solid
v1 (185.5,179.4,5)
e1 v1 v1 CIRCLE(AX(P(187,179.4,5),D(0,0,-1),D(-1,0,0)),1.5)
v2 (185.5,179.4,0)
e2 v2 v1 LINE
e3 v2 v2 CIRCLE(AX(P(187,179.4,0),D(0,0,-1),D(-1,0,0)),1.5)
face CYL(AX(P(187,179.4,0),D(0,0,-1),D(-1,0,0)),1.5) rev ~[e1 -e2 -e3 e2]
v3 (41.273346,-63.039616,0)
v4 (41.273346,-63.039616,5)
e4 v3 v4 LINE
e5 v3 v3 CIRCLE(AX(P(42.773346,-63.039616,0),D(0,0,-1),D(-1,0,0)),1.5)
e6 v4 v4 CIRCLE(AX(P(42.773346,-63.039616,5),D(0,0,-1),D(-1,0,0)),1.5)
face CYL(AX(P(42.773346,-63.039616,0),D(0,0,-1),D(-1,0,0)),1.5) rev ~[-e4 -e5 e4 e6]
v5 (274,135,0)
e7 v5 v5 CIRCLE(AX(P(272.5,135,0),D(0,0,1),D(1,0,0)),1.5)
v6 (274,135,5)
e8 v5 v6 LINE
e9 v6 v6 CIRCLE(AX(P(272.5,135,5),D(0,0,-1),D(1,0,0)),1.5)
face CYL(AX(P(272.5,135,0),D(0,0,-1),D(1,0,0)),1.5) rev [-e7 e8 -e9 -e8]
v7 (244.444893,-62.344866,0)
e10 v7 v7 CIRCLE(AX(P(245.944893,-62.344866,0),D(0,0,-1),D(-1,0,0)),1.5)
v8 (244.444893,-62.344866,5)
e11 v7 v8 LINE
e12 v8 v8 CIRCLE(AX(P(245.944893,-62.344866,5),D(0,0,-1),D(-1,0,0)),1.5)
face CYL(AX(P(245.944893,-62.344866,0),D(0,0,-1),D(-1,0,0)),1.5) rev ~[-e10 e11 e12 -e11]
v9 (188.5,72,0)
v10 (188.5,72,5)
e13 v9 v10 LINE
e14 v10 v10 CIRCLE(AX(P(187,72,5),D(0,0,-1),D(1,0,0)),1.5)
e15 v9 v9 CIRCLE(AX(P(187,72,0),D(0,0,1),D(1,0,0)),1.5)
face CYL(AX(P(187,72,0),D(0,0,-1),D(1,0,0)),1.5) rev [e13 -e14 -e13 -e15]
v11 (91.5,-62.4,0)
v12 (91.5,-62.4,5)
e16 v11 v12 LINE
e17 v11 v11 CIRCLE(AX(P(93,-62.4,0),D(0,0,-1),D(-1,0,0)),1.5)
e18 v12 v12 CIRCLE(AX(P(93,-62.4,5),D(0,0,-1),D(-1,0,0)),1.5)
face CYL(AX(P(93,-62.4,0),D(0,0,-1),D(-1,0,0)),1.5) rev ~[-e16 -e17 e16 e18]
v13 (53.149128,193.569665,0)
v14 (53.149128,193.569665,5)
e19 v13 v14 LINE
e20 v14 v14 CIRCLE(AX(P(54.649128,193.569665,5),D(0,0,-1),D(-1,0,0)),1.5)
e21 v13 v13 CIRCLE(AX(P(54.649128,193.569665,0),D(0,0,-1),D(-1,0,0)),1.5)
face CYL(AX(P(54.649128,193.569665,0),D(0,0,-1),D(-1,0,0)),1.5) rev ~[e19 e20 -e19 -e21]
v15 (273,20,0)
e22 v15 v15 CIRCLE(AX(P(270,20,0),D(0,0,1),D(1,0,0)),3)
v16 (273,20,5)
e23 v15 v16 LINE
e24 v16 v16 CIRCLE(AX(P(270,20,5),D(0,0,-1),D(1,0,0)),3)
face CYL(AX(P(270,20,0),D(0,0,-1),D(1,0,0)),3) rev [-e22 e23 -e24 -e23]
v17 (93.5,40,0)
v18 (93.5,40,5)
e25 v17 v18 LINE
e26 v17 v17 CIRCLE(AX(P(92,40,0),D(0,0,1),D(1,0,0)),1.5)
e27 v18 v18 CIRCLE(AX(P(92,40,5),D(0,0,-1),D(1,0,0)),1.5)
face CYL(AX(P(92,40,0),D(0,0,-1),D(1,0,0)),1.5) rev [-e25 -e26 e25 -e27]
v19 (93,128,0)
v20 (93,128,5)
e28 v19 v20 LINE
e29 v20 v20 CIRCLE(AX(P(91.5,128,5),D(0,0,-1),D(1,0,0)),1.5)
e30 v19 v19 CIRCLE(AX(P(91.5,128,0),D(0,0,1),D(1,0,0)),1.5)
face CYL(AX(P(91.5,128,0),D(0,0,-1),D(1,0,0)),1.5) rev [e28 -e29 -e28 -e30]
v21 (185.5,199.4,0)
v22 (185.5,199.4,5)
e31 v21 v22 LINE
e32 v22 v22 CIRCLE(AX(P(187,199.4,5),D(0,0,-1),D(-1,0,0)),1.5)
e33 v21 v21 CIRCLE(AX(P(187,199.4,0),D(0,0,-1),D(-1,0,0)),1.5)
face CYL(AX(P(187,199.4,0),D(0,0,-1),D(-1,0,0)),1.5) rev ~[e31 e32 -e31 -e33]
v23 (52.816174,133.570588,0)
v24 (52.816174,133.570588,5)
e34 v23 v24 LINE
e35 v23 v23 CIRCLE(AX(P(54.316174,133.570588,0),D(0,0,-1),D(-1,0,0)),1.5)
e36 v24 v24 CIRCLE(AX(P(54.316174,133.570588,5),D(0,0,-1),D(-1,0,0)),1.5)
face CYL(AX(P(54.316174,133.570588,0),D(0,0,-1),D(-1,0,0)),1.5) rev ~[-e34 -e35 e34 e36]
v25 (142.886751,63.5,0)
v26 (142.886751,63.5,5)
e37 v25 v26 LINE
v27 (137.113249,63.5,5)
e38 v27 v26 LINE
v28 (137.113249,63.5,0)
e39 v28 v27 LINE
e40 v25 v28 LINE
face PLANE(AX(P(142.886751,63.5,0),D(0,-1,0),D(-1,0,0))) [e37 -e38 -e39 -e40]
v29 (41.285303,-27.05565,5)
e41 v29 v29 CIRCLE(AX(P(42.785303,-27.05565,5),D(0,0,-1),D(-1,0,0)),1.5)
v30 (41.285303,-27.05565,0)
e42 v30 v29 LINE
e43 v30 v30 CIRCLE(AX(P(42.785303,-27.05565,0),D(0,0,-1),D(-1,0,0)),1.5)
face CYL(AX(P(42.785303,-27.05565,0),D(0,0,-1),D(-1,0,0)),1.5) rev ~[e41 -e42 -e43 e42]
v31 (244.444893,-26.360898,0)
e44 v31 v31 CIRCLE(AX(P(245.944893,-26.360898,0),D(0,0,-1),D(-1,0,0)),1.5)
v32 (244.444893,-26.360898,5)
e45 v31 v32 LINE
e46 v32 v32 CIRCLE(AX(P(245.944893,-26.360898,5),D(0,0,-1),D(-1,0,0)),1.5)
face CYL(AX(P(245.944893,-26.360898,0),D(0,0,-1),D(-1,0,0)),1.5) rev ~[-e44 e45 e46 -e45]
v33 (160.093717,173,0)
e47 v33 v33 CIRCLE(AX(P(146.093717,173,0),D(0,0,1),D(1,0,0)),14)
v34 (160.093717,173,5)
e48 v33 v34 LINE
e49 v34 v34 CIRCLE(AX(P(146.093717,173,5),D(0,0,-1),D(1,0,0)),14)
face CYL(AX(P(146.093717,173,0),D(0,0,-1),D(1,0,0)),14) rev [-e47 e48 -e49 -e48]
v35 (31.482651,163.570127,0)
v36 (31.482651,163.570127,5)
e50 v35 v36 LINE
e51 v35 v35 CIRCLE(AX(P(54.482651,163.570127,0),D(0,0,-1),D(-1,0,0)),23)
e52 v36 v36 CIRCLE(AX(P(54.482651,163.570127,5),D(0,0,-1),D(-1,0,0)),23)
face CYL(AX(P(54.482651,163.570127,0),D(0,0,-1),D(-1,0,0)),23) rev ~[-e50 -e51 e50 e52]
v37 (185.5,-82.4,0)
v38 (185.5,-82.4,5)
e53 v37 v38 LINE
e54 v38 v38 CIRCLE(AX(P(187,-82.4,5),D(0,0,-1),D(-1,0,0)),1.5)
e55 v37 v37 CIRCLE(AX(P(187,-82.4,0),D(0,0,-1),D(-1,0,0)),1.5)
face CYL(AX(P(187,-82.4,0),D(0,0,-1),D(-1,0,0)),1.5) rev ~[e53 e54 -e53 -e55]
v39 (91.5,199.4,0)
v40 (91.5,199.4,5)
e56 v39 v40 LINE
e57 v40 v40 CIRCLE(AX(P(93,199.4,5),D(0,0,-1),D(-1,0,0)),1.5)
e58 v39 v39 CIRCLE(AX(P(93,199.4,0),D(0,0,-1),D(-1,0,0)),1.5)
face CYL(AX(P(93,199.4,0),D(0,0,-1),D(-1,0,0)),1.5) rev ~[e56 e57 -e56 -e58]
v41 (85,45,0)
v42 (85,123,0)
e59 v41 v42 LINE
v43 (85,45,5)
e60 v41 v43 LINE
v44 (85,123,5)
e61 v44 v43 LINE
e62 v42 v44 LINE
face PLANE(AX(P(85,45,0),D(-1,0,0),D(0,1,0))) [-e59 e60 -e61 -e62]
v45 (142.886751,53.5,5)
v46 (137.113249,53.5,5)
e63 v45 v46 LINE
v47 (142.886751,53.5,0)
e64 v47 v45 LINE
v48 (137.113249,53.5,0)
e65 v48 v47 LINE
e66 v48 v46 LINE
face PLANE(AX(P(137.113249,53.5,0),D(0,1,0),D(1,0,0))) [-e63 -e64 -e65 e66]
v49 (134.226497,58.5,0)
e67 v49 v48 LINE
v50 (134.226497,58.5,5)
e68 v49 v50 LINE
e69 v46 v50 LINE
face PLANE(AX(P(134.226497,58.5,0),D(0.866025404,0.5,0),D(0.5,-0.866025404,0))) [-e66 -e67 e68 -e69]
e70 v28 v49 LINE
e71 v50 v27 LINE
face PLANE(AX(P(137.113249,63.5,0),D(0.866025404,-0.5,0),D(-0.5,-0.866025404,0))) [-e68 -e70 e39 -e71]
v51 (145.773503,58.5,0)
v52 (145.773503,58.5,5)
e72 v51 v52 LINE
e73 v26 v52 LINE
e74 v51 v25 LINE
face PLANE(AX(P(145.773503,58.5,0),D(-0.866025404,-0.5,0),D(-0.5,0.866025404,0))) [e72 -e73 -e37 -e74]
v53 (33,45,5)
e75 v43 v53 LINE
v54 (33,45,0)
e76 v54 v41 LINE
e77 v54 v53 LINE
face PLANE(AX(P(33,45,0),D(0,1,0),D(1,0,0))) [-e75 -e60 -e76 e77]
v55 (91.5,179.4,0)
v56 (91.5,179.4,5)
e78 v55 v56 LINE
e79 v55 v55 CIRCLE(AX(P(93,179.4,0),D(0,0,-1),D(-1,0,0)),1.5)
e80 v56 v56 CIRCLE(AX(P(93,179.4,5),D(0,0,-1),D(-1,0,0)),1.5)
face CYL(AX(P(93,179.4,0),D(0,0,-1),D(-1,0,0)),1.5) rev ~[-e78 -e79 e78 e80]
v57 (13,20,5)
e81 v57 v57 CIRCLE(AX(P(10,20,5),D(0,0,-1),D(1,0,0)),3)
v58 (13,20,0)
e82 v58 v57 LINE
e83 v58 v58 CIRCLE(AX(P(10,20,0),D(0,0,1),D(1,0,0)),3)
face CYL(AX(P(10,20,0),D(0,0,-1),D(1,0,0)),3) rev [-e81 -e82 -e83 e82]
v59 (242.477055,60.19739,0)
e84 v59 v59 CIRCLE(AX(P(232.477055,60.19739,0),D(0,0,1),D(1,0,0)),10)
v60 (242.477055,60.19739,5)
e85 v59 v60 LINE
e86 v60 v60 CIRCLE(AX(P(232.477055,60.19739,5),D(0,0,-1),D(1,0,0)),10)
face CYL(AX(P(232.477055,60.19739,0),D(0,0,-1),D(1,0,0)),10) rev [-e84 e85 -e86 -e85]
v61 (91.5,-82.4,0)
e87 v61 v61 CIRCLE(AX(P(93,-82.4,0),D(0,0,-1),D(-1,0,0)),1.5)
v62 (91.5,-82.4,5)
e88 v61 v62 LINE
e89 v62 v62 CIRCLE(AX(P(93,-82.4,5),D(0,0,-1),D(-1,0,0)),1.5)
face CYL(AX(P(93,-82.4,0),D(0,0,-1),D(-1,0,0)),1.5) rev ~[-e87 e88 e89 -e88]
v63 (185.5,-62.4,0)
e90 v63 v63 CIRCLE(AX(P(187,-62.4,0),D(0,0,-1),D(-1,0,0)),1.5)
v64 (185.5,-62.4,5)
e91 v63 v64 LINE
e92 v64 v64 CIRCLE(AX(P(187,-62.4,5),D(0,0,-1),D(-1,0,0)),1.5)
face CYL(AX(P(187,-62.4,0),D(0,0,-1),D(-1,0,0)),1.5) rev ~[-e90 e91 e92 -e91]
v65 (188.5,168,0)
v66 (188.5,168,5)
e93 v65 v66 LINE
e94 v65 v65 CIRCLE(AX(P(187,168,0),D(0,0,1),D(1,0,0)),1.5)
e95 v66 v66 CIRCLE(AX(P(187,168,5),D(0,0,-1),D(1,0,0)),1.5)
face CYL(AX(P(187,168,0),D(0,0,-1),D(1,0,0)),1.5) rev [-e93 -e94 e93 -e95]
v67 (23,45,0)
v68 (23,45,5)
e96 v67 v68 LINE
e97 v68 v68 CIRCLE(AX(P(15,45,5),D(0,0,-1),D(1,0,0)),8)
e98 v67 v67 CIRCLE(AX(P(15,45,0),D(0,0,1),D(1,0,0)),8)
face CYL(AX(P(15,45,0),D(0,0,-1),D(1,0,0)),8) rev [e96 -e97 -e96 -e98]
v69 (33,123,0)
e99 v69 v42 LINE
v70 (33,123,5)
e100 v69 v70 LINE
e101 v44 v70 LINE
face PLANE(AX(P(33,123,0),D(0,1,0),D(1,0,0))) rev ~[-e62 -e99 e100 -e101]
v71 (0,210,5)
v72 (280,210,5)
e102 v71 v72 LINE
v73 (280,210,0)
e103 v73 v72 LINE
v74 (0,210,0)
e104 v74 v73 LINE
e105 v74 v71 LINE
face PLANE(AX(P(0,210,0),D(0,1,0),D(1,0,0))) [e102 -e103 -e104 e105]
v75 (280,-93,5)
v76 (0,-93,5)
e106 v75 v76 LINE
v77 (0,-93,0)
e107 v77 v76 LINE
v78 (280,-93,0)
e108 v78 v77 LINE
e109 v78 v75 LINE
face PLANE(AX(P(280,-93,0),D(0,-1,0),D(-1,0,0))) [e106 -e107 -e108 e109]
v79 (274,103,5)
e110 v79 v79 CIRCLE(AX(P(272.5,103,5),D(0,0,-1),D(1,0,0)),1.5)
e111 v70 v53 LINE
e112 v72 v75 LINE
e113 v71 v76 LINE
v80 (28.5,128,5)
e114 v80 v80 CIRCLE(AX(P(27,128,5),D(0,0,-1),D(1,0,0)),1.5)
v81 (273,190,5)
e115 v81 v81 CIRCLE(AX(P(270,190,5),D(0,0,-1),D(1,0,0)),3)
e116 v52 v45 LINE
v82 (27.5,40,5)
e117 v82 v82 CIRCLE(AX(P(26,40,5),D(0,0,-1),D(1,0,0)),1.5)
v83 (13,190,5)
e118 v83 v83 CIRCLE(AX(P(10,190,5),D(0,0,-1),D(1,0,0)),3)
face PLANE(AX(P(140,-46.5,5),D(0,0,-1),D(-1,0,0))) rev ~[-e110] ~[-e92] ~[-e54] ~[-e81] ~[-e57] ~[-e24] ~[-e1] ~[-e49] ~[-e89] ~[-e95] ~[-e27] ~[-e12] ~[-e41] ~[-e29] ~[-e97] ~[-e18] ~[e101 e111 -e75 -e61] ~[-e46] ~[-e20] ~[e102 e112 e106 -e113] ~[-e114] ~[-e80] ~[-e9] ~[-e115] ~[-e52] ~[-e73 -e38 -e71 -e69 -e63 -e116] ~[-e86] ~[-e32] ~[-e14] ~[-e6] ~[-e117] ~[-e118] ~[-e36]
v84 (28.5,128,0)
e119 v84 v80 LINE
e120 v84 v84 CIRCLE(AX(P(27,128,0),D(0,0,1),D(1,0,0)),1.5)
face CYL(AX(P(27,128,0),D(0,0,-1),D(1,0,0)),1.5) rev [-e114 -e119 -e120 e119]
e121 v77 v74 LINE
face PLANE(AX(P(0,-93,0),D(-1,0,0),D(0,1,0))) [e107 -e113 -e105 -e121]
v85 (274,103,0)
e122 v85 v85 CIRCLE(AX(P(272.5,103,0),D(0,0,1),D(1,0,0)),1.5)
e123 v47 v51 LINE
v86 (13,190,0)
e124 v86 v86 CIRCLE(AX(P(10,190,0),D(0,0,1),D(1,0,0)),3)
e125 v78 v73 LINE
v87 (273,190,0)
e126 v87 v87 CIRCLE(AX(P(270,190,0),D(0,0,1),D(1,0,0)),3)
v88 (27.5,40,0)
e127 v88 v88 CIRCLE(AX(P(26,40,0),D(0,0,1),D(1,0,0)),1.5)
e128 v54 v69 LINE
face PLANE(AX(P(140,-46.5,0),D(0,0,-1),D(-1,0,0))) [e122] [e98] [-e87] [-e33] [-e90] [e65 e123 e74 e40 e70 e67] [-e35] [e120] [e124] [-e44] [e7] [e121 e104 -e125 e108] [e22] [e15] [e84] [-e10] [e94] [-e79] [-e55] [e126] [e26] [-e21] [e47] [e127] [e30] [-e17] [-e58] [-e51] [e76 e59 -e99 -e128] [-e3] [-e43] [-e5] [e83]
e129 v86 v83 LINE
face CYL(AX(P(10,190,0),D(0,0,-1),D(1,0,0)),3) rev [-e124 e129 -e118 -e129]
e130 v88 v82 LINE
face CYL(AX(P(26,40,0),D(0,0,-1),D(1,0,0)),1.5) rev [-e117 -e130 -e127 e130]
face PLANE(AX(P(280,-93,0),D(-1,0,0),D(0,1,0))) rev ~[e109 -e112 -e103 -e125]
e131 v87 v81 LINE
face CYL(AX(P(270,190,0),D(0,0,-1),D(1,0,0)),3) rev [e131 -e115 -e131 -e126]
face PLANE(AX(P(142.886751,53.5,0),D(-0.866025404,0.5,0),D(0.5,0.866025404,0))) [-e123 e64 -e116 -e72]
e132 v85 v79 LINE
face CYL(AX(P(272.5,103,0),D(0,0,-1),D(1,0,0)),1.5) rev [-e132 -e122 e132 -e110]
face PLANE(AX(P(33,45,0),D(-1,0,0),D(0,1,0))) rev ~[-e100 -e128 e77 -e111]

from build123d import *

# Parameters (mm, degrees)
ESQUISSE1_W              = 280
ESQUISSE1_H              = 210
BOSS_EXTRU_1_DEPTH       = 5
ESQUISSE2_R              = 3
ESQUISSE2_R_2            = 1.5
ESQUISSE2_R_3            = 8
ESQUISSE2_R_4            = 14
ESQUISSE2_R_5            = 10
ESQUISSE2_W              = 52
ESQUISSE2_H              = 78
ENL_V_MAT_EXTRU_1_DEPTH  = 351.035712464
ESQUISSE5_R              = 1.5
ENL_V_MAT_EXTRU_3_DEPTH  = 351.035712464
ESQUISSE6_W              = 280
ESQUISSE6_H              = 93
BOSS_EXTRU_4_DEPTH       = 5
ESQUISSE7_R              = 1.499999999
ENL_V_MAT_EXTRU_4_DEPTH  = 351.035712464
ESQUISSE8_R              = 1.499999999
ENL_V_MAT_EXTRU_5_DEPTH  = 351.035712464
ESQUISSE9_R              = 1.5
ENL_V_MAT_EXTRU_6_DEPTH  = 351.035712464
ESQUISSE14_R             = 23
ESQUISSE14_R_2           = 1.5
ENL_V_MAT_EXTRU_11_DEPTH = 351.035712464


with BuildPart() as part:
    # Esquisse1 → Boss.-Extru.1 (new body)
    with BuildSketch(Plane.XY):
        with Locations((140, 105)):
            Rectangle(ESQUISSE1_W, ESQUISSE1_H)
    extrude(amount=BOSS_EXTRU_1_DEPTH)

    # Esquisse2 → Enlèv. mat.-Extru.1 (cut, through all)
    with BuildSketch(Plane.XY):
        with Locations((270, 190)):
            Circle(ESQUISSE2_R)
        with Locations((10, 190)):
            Circle(ESQUISSE2_R)
        with Locations((10, 20)):
            Circle(ESQUISSE2_R)
        with Locations((270, 20)):
            Circle(ESQUISSE2_R)
        with Locations((187, 168)):
            Circle(ESQUISSE2_R_2)
        with Locations((187, 72)):
            Circle(ESQUISSE2_R_2)
        with Locations((91.5, 128)):
            Circle(ESQUISSE2_R_2)
        with Locations((27, 128)):
            Circle(ESQUISSE2_R_2)
        with Locations((92, 40)):
            Circle(ESQUISSE2_R_2)
        with Locations((26, 40)):
            Circle(ESQUISSE2_R_2)
        with Locations((15, 45)):
            Circle(ESQUISSE2_R_3)
        with Locations((146.093717203, 173)):
            Circle(ESQUISSE2_R_4)
        with Locations((232.477054828, 60.19739042)):
            Circle(ESQUISSE2_R_5)
        with Locations((272.5, 103)):
            Circle(ESQUISSE2_R_2)
        with Locations((272.5, 135)):
            Circle(ESQUISSE2_R_2)
        with Locations((59, 84)):
            Rectangle(ESQUISSE2_W, ESQUISSE2_H)
        Polygon((137.113248654, 63.5), (134.226497308, 58.5), (137.113248654, 53.5), (142.886751346, 53.5), (145.773502692, 58.5), (142.886751346, 63.5), align=None)
    extrude(amount=ENL_V_MAT_EXTRU_1_DEPTH, mode=Mode.SUBTRACT)

    # Esquisse5 → Enlèv. mat.-Extru.3 (cut, through all)
    with BuildSketch(Plane(origin=(0, 0, 0), x_dir=(-1, 0, 0), z_dir=(0, 0, -1))):
        with Locations((-93, 179.4)):
            Circle(ESQUISSE5_R)
        with Locations((-93, 199.4)):
            Circle(ESQUISSE5_R)
        with Locations((-187, 199.4)):
            Circle(ESQUISSE5_R)
        with Locations((-187, 179.4)):
            Circle(ESQUISSE5_R)
    extrude(amount=-ENL_V_MAT_EXTRU_3_DEPTH, mode=Mode.SUBTRACT)

    # Esquisse6 → Boss.-Extru.4 (add)
    with BuildSketch(Plane(origin=(0, 0, 0), x_dir=(-1, 0, 0), z_dir=(0, 0, -1))):
        with Locations((-140, -46.5)):
            Rectangle(ESQUISSE6_W, ESQUISSE6_H)
    extrude(amount=-BOSS_EXTRU_4_DEPTH)

    # Esquisse7 → Enlèv. mat.-Extru.4 (cut, through all)
    with BuildSketch(Plane(origin=(0, 0, 0), x_dir=(-1, 0, 0), z_dir=(0, 0, -1))):
        with Locations((-42.785302694, -27.055649919)):
            Circle(ESQUISSE7_R)
        with Locations((-42.773346208, -63.039616064)):
            Circle(ESQUISSE7_R)
    extrude(amount=-ENL_V_MAT_EXTRU_4_DEPTH, mode=Mode.SUBTRACT)

    # Esquisse8 → Enlèv. mat.-Extru.5 (cut, through all)
    with BuildSketch(Plane(origin=(0, 0, 0), x_dir=(-1, 0, 0), z_dir=(0, 0, -1))):
        with Locations((-245.944892864, -62.344865672)):
            Circle(ESQUISSE8_R)
        with Locations((-245.944892864, -26.360897541)):
            Circle(ESQUISSE8_R)
    extrude(amount=-ENL_V_MAT_EXTRU_5_DEPTH, mode=Mode.SUBTRACT)

    # Esquisse9 → Enlèv. mat.-Extru.6 (cut, through all)
    with BuildSketch(Plane(origin=(0, 0, 0), x_dir=(-1, 0, 0), z_dir=(0, 0, -1))):
        with Locations((-93, -62.4)):
            Circle(ESQUISSE9_R)
        with Locations((-93, -82.4)):
            Circle(ESQUISSE9_R)
        with Locations((-187, -82.4)):
            Circle(ESQUISSE9_R)
        with Locations((-187, -62.4)):
            Circle(ESQUISSE9_R)
    extrude(amount=-ENL_V_MAT_EXTRU_6_DEPTH, mode=Mode.SUBTRACT)

    # Esquisse14 → Enlèv. mat.-Extru.11 (cut, through all)
    with BuildSketch(Plane(origin=(0, 0, 0), x_dir=(-1, 0, 0), z_dir=(0, 0, -1))):
        with Locations((-54.48265068, 163.570126578)):
            Circle(ESQUISSE14_R)
        with Locations((-54.649127802, 193.569664664)):
            Circle(ESQUISSE14_R_2)
        with Locations((-54.316173557, 133.570588492)):
            Circle(ESQUISSE14_R_2)
    extrude(amount=-ENL_V_MAT_EXTRU_11_DEPTH, mode=Mode.SUBTRACT)


solid = part.part
